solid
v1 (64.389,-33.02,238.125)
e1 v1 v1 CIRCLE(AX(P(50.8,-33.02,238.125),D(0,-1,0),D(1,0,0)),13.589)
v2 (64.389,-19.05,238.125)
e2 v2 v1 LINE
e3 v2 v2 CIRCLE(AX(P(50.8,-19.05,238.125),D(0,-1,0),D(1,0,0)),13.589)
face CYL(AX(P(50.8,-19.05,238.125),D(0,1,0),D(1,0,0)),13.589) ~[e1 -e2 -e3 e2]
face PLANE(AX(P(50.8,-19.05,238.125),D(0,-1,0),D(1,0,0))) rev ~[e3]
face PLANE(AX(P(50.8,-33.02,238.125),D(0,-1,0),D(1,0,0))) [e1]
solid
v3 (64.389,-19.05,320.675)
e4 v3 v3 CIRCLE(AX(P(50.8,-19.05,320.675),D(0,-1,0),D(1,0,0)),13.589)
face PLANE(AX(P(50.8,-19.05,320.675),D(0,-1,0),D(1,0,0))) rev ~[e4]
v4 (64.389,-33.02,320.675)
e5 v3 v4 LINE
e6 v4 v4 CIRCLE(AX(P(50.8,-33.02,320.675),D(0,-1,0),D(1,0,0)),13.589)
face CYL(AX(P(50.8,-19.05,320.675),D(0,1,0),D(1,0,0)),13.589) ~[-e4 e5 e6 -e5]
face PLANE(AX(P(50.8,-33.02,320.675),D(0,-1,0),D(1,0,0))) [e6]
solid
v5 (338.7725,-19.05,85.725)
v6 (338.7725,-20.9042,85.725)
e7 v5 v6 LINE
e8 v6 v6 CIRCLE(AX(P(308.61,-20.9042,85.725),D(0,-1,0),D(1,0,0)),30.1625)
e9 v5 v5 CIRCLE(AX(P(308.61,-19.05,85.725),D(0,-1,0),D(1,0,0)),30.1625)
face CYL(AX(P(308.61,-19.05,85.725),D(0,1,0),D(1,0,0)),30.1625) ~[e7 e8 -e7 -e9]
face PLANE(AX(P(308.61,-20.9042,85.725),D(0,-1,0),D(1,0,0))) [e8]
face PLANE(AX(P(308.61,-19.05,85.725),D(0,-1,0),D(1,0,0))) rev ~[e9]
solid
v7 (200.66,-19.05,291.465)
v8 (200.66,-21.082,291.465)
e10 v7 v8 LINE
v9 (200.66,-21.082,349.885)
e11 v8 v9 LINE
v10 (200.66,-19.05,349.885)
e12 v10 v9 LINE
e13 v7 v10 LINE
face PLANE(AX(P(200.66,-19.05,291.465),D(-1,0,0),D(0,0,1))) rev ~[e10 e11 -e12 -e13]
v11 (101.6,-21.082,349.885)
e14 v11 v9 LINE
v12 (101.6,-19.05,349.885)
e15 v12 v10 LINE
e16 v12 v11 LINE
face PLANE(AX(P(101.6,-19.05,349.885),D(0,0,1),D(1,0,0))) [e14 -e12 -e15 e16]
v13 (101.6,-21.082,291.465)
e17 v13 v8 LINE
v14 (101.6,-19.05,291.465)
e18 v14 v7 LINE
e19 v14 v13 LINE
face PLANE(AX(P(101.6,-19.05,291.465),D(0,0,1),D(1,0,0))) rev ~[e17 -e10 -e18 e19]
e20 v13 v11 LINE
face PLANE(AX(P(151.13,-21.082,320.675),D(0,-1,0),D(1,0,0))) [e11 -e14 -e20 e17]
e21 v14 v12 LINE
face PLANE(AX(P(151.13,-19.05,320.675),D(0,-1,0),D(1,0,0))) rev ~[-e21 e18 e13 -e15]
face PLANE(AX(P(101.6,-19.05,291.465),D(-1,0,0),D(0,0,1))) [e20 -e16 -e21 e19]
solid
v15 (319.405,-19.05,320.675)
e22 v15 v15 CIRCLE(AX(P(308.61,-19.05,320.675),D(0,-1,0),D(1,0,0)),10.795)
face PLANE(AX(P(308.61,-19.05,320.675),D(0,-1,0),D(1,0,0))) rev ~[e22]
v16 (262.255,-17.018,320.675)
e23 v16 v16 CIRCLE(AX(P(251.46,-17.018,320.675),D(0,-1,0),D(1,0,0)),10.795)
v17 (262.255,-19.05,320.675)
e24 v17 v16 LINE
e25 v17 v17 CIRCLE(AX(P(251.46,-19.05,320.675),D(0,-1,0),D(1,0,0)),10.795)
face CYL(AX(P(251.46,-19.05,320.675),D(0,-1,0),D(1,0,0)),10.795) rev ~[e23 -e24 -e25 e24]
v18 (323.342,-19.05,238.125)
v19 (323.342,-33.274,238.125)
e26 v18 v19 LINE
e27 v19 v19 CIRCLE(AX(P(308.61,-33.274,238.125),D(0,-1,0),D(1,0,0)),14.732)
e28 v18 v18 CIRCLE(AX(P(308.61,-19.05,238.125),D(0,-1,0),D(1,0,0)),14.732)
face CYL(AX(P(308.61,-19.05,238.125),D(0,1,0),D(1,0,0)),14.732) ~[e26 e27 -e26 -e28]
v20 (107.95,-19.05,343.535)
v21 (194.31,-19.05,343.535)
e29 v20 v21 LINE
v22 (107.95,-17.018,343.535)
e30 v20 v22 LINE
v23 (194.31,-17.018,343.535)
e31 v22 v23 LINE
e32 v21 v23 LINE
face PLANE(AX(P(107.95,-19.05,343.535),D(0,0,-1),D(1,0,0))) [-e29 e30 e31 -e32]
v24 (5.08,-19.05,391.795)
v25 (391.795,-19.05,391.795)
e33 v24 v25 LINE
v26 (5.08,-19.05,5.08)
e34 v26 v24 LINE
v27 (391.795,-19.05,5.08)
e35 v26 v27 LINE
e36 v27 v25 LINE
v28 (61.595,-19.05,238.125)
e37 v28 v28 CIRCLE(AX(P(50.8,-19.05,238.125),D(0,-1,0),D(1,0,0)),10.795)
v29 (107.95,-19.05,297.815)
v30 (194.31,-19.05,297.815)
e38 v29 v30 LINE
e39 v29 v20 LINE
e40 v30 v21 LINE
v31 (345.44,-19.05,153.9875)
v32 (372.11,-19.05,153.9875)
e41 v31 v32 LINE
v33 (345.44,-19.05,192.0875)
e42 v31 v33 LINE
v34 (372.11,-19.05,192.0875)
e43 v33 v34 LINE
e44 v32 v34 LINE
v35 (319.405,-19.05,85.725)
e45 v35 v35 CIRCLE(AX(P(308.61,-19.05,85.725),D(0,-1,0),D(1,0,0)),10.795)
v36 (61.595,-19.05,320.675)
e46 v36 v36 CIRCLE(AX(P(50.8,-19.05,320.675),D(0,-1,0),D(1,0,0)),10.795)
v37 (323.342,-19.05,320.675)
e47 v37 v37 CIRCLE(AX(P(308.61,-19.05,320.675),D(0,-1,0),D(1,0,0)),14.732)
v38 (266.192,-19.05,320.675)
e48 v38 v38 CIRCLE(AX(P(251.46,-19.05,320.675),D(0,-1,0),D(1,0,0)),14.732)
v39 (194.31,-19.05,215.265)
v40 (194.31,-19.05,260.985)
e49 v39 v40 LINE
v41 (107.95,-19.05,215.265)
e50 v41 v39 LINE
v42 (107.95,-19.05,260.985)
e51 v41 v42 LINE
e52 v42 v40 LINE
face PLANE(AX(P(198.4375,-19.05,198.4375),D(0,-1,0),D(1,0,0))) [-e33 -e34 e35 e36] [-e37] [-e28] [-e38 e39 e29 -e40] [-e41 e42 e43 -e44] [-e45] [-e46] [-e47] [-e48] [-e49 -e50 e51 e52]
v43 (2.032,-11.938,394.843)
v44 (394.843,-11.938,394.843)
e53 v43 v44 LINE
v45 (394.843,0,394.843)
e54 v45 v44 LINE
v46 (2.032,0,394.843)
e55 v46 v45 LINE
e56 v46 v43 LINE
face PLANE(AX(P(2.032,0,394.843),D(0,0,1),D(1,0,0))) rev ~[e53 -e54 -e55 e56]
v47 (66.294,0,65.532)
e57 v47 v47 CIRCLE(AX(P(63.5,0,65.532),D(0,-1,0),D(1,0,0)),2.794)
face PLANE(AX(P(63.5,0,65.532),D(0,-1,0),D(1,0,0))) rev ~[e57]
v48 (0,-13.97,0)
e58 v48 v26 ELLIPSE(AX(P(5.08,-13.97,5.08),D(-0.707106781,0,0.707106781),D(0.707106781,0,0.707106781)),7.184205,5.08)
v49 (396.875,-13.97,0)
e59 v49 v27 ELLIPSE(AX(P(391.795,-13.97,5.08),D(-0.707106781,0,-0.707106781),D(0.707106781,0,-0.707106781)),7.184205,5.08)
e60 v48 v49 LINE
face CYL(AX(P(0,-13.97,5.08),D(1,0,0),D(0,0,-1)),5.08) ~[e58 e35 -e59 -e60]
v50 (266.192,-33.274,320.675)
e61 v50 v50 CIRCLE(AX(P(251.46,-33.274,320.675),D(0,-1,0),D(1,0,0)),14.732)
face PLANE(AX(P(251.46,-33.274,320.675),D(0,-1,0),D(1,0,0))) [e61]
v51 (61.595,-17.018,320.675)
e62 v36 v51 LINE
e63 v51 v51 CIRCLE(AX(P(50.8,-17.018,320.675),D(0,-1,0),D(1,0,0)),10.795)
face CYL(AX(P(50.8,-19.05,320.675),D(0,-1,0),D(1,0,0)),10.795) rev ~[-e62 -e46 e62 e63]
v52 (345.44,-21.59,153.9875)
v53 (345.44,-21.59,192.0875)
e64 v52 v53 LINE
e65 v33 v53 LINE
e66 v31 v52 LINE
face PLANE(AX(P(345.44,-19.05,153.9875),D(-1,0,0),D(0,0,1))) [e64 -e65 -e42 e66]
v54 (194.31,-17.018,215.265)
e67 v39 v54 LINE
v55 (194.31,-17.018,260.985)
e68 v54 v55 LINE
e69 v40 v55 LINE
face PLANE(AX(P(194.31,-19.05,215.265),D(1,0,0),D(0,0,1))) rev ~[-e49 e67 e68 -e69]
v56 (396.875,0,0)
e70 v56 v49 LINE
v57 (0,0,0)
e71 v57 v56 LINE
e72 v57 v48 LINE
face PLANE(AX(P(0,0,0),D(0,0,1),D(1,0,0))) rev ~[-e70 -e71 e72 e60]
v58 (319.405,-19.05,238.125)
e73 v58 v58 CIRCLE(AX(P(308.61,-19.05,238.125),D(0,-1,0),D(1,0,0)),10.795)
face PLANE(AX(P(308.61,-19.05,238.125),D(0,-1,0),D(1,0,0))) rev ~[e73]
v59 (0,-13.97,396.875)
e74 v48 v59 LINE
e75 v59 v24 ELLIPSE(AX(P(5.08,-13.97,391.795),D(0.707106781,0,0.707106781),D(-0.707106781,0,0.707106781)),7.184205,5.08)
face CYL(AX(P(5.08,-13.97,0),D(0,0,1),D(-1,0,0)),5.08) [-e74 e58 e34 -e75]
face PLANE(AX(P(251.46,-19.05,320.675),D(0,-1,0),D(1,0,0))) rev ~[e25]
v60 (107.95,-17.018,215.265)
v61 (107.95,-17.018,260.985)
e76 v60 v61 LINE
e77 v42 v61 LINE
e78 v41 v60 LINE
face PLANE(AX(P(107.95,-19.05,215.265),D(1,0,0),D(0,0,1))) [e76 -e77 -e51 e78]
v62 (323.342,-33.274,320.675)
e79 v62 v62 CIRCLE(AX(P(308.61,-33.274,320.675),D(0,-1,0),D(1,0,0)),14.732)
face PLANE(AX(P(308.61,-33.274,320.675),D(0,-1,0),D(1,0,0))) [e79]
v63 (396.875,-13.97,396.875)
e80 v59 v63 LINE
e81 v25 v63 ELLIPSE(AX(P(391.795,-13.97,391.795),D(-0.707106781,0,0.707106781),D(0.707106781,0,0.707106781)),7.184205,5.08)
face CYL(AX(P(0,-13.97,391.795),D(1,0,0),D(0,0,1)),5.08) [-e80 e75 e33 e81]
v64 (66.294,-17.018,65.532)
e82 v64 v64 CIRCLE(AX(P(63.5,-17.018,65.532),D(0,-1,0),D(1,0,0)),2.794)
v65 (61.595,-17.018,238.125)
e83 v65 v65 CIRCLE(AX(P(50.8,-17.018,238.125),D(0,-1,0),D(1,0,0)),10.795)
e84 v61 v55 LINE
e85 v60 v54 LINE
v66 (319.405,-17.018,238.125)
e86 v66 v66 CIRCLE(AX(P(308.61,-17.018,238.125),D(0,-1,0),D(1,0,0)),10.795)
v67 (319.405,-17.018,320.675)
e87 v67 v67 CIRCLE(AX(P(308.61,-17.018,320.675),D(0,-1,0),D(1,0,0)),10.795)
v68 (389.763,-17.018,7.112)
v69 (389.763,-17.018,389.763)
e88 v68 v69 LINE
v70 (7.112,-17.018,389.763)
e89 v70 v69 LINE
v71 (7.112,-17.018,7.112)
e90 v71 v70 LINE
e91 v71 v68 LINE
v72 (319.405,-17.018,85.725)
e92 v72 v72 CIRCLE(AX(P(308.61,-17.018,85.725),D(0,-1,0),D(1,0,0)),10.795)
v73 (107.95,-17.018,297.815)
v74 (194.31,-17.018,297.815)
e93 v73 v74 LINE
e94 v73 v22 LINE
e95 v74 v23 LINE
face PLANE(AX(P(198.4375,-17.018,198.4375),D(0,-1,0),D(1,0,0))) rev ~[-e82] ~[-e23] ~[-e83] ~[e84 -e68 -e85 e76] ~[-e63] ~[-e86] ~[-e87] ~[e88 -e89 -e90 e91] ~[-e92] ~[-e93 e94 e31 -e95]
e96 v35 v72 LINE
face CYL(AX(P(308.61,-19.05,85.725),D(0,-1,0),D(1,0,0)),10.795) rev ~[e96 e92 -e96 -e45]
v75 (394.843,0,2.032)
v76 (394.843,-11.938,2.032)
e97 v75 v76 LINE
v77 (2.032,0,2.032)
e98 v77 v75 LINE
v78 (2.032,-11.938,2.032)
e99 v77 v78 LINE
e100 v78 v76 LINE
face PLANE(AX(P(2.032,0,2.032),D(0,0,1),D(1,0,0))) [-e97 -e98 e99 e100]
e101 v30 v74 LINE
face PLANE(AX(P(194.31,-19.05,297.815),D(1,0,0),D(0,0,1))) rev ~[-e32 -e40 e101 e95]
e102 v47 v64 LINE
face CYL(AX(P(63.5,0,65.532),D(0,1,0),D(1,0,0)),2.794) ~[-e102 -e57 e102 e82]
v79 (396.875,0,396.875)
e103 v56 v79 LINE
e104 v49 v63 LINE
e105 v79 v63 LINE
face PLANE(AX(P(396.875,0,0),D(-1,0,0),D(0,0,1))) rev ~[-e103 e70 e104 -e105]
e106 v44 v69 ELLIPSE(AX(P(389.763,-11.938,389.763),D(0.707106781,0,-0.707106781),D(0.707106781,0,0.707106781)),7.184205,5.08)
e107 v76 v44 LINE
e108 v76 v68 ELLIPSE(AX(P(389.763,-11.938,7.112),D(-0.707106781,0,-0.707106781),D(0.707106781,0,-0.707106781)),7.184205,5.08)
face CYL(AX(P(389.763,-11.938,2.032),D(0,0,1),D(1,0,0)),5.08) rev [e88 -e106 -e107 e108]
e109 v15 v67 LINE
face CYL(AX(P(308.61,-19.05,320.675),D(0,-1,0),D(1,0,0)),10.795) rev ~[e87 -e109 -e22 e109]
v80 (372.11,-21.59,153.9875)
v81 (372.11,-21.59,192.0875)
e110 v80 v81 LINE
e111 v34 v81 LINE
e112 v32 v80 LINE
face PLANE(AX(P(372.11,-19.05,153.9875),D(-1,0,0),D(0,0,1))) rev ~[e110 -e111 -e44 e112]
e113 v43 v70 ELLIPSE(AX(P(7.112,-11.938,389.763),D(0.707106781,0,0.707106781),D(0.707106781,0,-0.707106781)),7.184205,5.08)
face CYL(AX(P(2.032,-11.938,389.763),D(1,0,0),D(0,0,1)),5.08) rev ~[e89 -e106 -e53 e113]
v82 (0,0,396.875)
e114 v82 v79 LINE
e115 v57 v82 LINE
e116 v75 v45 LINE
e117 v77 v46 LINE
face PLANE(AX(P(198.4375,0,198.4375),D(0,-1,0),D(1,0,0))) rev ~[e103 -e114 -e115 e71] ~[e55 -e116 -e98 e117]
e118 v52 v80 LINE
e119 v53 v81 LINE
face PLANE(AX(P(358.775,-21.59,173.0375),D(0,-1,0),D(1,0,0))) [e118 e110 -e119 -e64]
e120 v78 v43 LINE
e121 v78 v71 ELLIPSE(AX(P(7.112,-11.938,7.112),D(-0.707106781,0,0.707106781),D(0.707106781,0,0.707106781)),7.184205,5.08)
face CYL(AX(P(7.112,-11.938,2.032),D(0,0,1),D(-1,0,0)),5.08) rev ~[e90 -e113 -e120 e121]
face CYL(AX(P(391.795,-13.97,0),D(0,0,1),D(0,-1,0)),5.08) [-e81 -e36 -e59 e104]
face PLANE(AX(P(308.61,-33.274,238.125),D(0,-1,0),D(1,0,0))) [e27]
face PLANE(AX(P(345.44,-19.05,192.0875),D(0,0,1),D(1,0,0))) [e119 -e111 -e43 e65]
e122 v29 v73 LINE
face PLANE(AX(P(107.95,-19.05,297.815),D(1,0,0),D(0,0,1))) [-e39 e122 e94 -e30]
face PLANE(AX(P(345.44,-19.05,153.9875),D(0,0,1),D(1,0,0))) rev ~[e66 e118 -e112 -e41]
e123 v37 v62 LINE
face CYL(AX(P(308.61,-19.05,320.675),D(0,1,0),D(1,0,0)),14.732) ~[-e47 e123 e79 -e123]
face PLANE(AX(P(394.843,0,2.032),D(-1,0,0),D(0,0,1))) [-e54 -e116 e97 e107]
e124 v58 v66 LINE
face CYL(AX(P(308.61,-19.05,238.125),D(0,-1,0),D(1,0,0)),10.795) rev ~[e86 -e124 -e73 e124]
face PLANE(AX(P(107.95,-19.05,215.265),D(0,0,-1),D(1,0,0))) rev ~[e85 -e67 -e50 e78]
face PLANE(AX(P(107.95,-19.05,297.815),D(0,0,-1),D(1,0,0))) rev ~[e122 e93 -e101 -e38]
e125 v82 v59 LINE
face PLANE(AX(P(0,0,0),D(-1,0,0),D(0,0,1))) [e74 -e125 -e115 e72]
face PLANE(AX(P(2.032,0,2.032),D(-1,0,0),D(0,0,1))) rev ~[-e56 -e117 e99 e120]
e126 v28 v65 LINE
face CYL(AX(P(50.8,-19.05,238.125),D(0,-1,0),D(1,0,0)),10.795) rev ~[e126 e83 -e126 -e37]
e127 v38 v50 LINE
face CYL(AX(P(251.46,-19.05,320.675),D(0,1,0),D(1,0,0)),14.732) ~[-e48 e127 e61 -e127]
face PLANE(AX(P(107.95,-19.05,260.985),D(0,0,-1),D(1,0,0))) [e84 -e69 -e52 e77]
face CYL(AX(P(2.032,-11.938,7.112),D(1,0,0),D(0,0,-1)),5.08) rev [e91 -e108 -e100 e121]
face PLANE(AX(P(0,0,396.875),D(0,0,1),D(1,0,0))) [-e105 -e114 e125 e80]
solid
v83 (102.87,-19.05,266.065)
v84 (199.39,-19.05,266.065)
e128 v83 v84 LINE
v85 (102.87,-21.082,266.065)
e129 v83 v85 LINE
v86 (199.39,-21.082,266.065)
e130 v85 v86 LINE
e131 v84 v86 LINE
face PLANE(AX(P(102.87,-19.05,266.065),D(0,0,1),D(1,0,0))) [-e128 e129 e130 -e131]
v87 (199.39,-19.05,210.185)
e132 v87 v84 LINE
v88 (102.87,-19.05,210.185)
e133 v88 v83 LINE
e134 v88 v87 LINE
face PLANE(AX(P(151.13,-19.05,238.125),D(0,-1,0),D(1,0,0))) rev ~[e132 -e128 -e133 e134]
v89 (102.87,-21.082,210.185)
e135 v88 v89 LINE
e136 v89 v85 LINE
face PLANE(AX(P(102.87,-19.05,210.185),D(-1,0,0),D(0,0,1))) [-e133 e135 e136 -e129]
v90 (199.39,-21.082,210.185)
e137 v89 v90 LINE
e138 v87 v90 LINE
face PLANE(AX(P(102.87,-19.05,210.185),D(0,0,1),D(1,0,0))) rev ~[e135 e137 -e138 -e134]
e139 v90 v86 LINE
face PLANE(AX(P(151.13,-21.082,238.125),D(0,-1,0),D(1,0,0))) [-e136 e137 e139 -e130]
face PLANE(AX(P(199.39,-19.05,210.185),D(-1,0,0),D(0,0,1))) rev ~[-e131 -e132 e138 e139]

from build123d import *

# Parameters (mm, degrees)
F0_W      = 396.875
F0_H      = 396.875
F1_DEPTH  = 19.05
F2_W      = 392.811
F2_H      = 392.811
F3_DEPTH  = 17.018
F4_R      = 5.08
F5_R      = 5.08
F6_R      = 2.794
F7_DEPTH  = 17.018
F8_R      = 10.795
F8_W      = 86.36
F8_H      = 45.72
F9_DEPTH  = 19.051
F10_R     = 13.589
F11_DEPTH = 13.97
F12_W     = 99.06
F12_H     = 58.42
F12_W_2   = 96.52
F12_H_2   = 55.88
F13_DEPTH = 2.032
F14_R     = 14.732
F15_DEPTH = 14.224
F16_R     = 30.1625
F17_DEPTH = 1.8542
F18_W     = 26.67
F18_H     = 38.1
F19_DEPTH = 2.54


with BuildPart() as f1:
    # F0 (on Front) → F1 (new body)
    with BuildSketch(Plane.XZ):
        with Locations((198.4375, 198.4375)):
            Rectangle(F0_W, F0_H)
    extrude(amount=F1_DEPTH)

    # F2 (on Front) → F3 (cut)
    with BuildSketch(Plane.XZ):
        with Locations((198.4375, 198.4375)):
            Rectangle(F2_W, F2_H)
    extrude(amount=F3_DEPTH, mode=Mode.SUBTRACT)

    # F4
    f4_edges = [f1.edges().sort_by_distance(p)[0] for p in [
        (0, -19.05, 198.4375),
        (198.4375, -19.05, 0),
        (396.875, -19.05, 198.4375),
        (198.4375, -19.05, 396.875),
    ]]
    fillet(f4_edges, radius=F4_R)

    # F5
    f5_edges = [f1.edges().sort_by_distance(p)[0] for p in [
        (198.4375, -17.018, 2.032),
        (394.843, -17.018, 198.4375),
        (198.4375, -17.018, 394.843),
        (2.032, -17.018, 198.4375),
    ]]
    fillet(f5_edges, radius=F5_R)

    # F6 (on Front) → F7 (join, through all)
    with BuildSketch(Plane.XZ):
        with Locations((63.5, 65.532)):
            Circle(F6_R)
    extrude(amount=F7_DEPTH)

    # F8 (on face) → F9 (cut, through all)
    with BuildSketch(Plane.XZ.offset(19.05)):
        with Locations((50.8, 320.675)):
            Circle(F8_R)
        with Locations((50.8, 238.125)):
            Circle(F8_R)
        with Locations((151.13, 320.675)):
            Rectangle(F8_W, F8_H)
        with Locations((151.13, 238.125)):
            Rectangle(F8_W, F8_H)
        with Locations((251.46, 320.675)):
            Circle(F8_R)
        with Locations((308.61, 320.675)):
            Circle(F8_R)
        with Locations((308.61, 238.125)):
            Circle(F8_R)
        with Locations((308.61, 85.725)):
            Circle(F8_R)
    extrude(amount=-F9_DEPTH, mode=Mode.SUBTRACT)

    # F14 (on face) → F15 (join)
    with BuildSketch(Plane.XZ.offset(19.05)):
        with Locations((251.46, 320.675)):
            Circle(F14_R)
        with Locations((308.61, 320.675)):
            Circle(F14_R)
        with Locations((308.61, 238.125)):
            Circle(F14_R)
    extrude(amount=F15_DEPTH)

    # F18 (on face) → F19 (join)
    with BuildSketch(Plane.XZ.offset(19.05)):
        with Locations((358.775, 173.0375)):
            Rectangle(F18_W, F18_H)
    extrude(amount=F19_DEPTH)


with BuildPart() as f11:
    # F10 (on face) → F11 (new body)
    with BuildSketch(Plane.XZ.offset(19.05)):
        with Locations((50.8, 320.675)):
            Circle(F10_R)
        with Locations((50.8, 238.125)):
            Circle(F10_R)
    extrude(amount=F11_DEPTH)


with BuildPart() as f13:
    # F12 (on face) → F13 (new body)
    with BuildSketch(Plane.XZ.offset(19.05)):
        with Locations((151.13, 320.675)):
            Rectangle(F12_W, F12_H)
        with Locations((151.13, 238.125)):
            Rectangle(F12_W_2, F12_H_2)
    extrude(amount=F13_DEPTH)


with BuildPart() as f17:
    # F16 (on face) → F17 (new body)
    with BuildSketch(Plane.XZ.offset(19.05)):
        with Locations((308.61, 85.725)):
            Circle(F16_R)
    extrude(amount=F17_DEPTH)


solid = Compound([f1.part, f11.part, f13.part, f17.part])
